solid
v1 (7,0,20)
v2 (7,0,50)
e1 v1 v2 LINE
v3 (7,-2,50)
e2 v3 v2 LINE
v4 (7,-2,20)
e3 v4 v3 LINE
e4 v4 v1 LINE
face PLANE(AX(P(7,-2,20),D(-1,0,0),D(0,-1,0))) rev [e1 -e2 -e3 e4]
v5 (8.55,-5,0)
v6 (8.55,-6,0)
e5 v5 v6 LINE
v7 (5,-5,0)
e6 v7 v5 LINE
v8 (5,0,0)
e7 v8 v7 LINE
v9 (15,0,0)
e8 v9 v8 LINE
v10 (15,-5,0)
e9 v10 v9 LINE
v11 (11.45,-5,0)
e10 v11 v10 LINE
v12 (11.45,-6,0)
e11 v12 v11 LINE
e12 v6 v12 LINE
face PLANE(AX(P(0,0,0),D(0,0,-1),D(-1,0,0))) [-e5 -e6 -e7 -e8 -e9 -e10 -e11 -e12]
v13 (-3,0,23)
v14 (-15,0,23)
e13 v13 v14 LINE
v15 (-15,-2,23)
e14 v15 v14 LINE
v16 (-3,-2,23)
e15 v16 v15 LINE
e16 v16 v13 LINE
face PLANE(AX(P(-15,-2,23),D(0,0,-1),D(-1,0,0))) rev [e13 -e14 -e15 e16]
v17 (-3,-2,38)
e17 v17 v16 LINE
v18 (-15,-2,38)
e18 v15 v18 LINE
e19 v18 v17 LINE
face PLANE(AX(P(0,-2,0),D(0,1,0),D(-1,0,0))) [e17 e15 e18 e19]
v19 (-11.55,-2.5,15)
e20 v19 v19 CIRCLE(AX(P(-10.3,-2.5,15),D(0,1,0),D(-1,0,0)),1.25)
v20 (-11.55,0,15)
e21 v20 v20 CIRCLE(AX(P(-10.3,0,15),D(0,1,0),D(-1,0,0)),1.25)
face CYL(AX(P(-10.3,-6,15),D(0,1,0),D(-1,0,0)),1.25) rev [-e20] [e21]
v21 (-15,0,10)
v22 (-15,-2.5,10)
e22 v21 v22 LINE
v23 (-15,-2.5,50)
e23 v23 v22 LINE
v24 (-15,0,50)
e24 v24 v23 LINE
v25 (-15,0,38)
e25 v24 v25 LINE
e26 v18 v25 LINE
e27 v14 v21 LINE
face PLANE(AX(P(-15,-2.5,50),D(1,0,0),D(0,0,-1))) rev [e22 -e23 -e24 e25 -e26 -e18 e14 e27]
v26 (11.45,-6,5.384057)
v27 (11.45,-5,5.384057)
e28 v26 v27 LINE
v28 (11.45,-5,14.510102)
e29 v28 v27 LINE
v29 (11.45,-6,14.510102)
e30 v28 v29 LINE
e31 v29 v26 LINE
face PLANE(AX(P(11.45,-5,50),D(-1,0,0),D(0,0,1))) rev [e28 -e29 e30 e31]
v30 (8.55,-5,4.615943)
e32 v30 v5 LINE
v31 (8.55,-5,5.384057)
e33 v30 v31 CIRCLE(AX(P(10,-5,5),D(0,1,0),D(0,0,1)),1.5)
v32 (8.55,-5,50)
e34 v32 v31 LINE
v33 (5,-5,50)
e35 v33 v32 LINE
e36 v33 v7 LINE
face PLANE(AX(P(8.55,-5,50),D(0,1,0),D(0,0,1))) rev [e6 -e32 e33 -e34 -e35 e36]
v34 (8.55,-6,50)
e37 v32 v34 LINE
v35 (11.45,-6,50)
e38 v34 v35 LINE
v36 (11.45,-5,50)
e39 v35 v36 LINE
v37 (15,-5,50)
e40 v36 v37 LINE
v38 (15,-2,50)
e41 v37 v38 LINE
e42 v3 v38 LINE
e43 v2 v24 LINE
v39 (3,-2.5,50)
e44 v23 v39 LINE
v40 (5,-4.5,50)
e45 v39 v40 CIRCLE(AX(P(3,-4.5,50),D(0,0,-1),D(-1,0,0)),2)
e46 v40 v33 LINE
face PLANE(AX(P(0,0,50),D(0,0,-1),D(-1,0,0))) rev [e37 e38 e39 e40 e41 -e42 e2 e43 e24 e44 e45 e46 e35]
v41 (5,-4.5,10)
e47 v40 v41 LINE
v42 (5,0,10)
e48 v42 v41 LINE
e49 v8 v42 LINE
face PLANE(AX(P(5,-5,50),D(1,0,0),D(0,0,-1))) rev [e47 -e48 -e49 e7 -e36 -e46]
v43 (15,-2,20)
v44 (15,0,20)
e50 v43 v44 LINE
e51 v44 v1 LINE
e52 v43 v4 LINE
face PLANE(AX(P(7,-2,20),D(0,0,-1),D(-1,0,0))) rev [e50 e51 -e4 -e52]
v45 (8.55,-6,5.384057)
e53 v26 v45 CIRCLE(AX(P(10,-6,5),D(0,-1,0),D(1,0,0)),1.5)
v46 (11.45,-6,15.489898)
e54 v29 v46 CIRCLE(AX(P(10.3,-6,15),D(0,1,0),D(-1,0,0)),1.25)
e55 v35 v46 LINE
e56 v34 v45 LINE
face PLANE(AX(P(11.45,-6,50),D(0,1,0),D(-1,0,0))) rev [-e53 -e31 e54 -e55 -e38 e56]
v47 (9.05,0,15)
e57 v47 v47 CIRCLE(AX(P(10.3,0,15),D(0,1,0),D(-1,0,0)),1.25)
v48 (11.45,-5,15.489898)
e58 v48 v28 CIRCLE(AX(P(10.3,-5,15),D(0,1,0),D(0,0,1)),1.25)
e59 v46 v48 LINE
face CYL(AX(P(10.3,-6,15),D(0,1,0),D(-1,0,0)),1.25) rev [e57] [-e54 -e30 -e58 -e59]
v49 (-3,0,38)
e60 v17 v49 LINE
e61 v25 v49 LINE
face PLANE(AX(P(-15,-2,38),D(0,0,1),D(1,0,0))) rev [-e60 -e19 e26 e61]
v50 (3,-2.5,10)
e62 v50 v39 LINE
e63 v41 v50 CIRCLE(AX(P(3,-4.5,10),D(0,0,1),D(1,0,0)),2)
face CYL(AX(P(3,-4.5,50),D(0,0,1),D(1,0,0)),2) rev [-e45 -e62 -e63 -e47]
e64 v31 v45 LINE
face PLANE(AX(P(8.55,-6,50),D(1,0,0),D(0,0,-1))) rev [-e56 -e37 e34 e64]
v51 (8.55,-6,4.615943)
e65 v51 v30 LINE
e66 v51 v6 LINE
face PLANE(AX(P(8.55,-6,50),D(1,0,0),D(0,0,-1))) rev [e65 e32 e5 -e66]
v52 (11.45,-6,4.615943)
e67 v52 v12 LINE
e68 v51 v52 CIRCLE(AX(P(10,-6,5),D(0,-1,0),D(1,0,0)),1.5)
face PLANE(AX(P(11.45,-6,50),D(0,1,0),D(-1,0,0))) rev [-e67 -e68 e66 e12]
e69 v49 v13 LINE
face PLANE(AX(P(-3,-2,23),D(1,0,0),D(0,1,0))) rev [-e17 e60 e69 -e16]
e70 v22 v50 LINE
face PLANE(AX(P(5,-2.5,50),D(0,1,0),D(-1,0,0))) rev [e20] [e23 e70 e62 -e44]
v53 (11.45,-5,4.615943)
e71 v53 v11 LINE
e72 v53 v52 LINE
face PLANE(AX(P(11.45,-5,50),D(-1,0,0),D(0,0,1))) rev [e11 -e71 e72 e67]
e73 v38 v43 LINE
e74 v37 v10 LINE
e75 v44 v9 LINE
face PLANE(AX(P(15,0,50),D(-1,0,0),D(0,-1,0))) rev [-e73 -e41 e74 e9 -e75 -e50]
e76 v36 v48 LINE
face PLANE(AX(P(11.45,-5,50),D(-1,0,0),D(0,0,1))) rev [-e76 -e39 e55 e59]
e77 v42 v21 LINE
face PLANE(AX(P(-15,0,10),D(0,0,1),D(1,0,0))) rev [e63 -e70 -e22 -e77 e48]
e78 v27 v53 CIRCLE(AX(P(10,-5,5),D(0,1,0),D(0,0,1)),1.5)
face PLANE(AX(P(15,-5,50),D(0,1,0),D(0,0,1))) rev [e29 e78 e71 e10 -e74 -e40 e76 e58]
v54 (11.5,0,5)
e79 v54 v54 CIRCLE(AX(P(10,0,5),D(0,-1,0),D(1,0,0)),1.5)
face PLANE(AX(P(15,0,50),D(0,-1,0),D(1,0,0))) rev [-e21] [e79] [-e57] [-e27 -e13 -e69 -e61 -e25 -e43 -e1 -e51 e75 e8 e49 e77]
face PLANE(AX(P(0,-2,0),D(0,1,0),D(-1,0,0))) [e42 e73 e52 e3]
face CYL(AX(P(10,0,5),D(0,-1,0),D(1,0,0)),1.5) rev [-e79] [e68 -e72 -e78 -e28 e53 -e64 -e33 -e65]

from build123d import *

# Parameters (mm, degrees)
BOSS_EXTRUDE1_DEPTH = 50
SKETCH2_R           = 1.25
CUT_EXTRUDE1_DEPTH  = 7
SKETCH3_W           = 8
SKETCH3_H           = 30
SKETCH3_W_2         = 12
SKETCH3_H_2         = 15
CUT_EXTRUDE2_DEPTH  = 2
SKETCH4_R           = 1.5
SKETCH4_W           = 20
SKETCH4_H           = 10
CUT_EXTRUDE3_DEPTH  = 7
FILLET1_R           = 2


with BuildPart() as part:
    # Sketch1 → Boss-Extrude1 (new body)
    with BuildSketch(Plane.XY):
        Polygon((15, 0), (15, -5), (11.45, -5), (11.45, -6), (8.55, -6), (8.55, -5), (5, -5), (5, -2.5), (-15, -2.5), (-15, 0), align=None)
    extrude(amount=BOSS_EXTRUDE1_DEPTH)

    # Sketch2 → Cut-Extrude1 (cut, through all)
    with BuildSketch(Plane(origin=(0, 0, 0), x_dir=(1, 0, 0), z_dir=(0, 1, 0))):
        with Locations((-10.3, -15)):
            Circle(SKETCH2_R)
        with Locations((10.3, -15)):
            Circle(SKETCH2_R)
    extrude(amount=-CUT_EXTRUDE1_DEPTH, mode=Mode.SUBTRACT)

    # Sketch3 → Cut-Extrude2 (cut)
    with BuildSketch(Plane(origin=(0, 0, 0), x_dir=(1, 0, 0), z_dir=(0, 1, 0))):
        with Locations((11, -35)):
            Rectangle(SKETCH3_W, SKETCH3_H)
        with Locations((-9, -30.5)):
            Rectangle(SKETCH3_W_2, SKETCH3_H_2)
    extrude(amount=-CUT_EXTRUDE2_DEPTH, mode=Mode.SUBTRACT)

    # Sketch4 → Cut-Extrude3 (cut, through all)
    with BuildSketch(Plane(origin=(0, -6, 0), x_dir=(-1, 0, 0), z_dir=(0, -1, 0))):
        with Locations((-10, -5)):
            Circle(SKETCH4_R)
        with Locations((5, -5)):
            Rectangle(SKETCH4_W, SKETCH4_H)
    extrude(amount=-CUT_EXTRUDE3_DEPTH, mode=Mode.SUBTRACT)

    # Fillet1
    fillet1_edges = [part.edges().sort_by_distance(p)[0] for p in [
        (5, -2.5, 30),
    ]]
    fillet(fillet1_edges, radius=FILLET1_R)


solid = part.part
